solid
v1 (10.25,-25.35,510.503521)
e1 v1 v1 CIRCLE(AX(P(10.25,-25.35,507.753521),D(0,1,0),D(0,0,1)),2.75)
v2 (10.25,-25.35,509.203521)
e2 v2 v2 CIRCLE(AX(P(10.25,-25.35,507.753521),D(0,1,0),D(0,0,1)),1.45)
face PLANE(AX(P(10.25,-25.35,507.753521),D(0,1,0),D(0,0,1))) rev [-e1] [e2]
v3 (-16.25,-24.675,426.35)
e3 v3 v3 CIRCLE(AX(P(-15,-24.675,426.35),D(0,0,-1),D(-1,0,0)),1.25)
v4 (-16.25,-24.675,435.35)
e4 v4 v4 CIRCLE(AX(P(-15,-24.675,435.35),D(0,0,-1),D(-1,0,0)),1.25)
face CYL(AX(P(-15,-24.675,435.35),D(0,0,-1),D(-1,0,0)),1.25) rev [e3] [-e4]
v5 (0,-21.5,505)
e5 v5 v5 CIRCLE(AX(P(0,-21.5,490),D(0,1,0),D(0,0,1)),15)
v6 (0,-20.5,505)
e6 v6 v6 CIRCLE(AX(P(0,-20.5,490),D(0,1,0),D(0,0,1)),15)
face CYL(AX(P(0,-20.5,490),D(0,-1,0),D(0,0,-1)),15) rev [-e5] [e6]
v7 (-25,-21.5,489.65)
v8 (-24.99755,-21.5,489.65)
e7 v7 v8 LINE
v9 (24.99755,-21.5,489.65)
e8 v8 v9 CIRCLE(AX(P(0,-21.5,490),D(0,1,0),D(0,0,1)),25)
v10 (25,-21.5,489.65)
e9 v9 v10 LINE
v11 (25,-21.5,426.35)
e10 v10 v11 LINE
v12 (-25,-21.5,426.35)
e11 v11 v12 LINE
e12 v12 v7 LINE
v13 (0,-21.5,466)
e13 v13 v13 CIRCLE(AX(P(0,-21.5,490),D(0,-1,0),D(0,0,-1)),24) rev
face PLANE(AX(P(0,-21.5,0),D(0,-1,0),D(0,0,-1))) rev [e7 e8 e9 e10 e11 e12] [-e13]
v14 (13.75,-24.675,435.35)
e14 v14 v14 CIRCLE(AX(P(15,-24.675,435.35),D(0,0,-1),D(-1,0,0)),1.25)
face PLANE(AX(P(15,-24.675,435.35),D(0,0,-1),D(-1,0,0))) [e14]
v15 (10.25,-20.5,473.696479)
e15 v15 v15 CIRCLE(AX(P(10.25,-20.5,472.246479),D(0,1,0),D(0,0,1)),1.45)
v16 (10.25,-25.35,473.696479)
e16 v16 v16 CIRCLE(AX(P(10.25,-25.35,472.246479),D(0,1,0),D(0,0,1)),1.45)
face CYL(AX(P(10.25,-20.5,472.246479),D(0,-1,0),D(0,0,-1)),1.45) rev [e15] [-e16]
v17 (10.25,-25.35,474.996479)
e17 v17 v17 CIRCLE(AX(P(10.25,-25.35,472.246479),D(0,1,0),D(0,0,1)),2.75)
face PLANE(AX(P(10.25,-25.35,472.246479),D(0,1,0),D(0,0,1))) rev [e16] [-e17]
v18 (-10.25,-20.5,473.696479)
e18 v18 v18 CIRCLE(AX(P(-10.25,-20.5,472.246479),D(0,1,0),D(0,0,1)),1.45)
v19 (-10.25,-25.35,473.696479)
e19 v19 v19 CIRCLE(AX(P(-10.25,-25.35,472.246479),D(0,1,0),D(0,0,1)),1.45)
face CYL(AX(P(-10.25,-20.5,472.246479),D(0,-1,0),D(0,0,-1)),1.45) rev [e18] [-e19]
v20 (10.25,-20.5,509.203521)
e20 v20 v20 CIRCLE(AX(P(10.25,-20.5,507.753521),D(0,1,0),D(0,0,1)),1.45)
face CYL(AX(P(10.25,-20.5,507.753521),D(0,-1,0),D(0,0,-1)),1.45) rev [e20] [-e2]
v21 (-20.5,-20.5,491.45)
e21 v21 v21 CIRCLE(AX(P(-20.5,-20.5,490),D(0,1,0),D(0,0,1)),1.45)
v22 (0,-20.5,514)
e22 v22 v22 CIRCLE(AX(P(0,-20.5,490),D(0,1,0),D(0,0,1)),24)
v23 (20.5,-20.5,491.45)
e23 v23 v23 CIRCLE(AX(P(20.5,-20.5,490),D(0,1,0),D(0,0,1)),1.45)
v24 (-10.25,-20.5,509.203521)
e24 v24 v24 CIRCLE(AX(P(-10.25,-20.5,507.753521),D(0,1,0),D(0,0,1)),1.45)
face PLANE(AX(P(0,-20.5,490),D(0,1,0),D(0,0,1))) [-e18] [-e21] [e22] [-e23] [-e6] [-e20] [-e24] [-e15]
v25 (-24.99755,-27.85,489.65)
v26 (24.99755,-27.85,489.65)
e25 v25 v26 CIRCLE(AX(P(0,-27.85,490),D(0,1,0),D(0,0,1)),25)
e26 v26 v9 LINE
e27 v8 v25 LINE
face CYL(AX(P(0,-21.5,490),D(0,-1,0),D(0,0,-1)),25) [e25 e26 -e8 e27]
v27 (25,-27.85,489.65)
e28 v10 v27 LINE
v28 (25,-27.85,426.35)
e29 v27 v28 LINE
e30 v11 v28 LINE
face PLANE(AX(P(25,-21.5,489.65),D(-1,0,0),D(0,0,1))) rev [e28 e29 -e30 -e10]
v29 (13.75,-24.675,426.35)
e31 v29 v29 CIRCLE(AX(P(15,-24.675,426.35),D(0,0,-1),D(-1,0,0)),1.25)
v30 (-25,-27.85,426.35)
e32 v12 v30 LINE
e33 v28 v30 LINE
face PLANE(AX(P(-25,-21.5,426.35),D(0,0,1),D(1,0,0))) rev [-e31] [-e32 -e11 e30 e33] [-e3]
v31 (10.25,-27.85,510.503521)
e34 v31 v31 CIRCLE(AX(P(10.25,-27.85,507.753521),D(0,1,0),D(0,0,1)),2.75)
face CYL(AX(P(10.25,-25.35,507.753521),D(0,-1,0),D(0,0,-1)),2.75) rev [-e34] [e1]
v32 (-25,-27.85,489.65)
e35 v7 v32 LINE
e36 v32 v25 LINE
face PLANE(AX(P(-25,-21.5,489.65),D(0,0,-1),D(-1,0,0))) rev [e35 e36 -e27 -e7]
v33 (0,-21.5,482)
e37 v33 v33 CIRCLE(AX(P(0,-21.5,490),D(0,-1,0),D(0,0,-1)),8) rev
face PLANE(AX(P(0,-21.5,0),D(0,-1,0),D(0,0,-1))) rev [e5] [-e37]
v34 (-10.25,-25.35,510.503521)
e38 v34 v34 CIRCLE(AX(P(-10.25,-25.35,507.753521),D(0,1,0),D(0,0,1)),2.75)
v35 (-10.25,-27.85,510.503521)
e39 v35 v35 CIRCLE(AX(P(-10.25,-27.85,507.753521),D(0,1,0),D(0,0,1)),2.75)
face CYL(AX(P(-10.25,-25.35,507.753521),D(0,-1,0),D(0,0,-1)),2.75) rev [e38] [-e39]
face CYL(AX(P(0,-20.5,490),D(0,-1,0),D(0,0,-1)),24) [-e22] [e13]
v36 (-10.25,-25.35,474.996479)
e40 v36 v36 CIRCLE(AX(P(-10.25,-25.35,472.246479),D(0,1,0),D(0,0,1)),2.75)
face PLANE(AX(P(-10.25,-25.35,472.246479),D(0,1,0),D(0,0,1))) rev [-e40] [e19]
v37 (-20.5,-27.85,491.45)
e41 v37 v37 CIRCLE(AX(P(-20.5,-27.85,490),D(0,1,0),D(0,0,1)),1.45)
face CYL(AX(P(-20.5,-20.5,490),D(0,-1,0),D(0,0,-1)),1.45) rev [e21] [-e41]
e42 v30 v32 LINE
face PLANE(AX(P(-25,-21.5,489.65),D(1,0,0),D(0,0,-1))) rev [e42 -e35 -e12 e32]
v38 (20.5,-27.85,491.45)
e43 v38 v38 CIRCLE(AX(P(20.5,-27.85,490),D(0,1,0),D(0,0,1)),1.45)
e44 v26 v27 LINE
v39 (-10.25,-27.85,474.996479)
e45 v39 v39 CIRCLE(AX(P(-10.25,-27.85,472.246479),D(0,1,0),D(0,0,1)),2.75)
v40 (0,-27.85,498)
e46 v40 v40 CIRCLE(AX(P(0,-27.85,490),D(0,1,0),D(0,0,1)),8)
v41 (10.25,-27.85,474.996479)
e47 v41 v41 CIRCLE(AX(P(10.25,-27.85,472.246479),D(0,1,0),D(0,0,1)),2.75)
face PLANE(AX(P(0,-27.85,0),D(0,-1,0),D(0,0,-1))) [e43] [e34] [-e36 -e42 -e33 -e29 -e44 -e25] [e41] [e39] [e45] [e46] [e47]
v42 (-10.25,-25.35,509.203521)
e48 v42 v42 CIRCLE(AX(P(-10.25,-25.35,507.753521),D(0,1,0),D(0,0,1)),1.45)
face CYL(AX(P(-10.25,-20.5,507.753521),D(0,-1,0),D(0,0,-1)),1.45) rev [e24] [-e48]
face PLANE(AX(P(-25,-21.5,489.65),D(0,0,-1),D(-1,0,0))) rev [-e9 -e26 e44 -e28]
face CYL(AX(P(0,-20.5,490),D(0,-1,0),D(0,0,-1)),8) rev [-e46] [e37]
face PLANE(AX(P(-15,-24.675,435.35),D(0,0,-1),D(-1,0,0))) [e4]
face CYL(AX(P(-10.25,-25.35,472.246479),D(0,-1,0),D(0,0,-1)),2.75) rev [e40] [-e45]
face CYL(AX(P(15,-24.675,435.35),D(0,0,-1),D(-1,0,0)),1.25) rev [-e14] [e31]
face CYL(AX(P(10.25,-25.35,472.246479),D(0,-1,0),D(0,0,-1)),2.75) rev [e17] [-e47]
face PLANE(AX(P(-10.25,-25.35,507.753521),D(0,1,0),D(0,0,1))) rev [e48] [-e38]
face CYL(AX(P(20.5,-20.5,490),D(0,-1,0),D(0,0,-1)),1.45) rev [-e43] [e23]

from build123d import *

# Parameters (mm, degrees)
PARED_START                    = -27.85
SK_PARED_W                     = 50
SK_PARED_H                     = 63.3
PARED_DEPTH                    = 6.35
CABEZA_START                   = -27.85
SK_CABEZA_R                    = 25
CABEZA_DEPTH                   = 6.35
ASIENTO_1MM_START              = -21.5
SK_ASIENTO_1MM_R               = 24
SK_ASIENTO_1MM_R_2             = 15
ASIENTO_1MM_DEPTH              = 1
PASO_CENTRAL_START             = -27.85
SK_PASO_CENTRAL_R              = 8
PASO_CENTRAL_DEPTH             = 7.35
PASANTES_M2_5_ESTATOR_J5_START = -27.85
SK_PASANTES_M2_5_ESTATOR_J5_R  = 1.45
PASANTES_M2_5_ESTATOR_J5_DEPTH = 7.35
CAJAS_M2_5_J5_START            = -27.85
SK_CAJAS_M2_5_J5_R             = 2.75
CAJAS_M2_5_J5_DEPTH            = 2.5
SK_ROSCA_M3_DESDE_ABAJO_R      = 1.25
ROSCA_M3_DESDE_ABAJO_DEPTH     = 9


with BuildPart() as part:
    # Sk_Pared → Pared (new body)
    with BuildSketch(Plane(origin=(0, 0, 0), x_dir=(1, 0, 0), z_dir=(0, 1, 0)).offset(PARED_START)):
        with Locations((0, -458)):
            Rectangle(SK_PARED_W, SK_PARED_H)
    extrude(amount=PARED_DEPTH)

    # Sk_Cabeza → Cabeza (add)
    with BuildSketch(Plane(origin=(0, 0, 0), x_dir=(1, 0, 0), z_dir=(0, 1, 0)).offset(CABEZA_START)):
        with Locations((0, -490)):
            Circle(SK_CABEZA_R)
    extrude(amount=CABEZA_DEPTH)

    # Sk_Asiento_1mm → Asiento_1mm (add)
    with BuildSketch(Plane(origin=(0, 0, 0), x_dir=(1, 0, 0), z_dir=(0, 1, 0)).offset(ASIENTO_1MM_START)):
        with Locations(Location((0, -490, 0), (0, 0, 90))):
            Circle(SK_ASIENTO_1MM_R)
        with Locations(Location((0, -490, 0), (0, 0, 270))):
            Circle(SK_ASIENTO_1MM_R_2, mode=Mode.SUBTRACT)
    extrude(amount=ASIENTO_1MM_DEPTH)

    # Sk_Paso_central → Paso_central (cut)
    with BuildSketch(Plane(origin=(0, 0, 0), x_dir=(1, 0, 0), z_dir=(0, 1, 0)).offset(PASO_CENTRAL_START)):
        with Locations(Location((0, -490, 0), (0, 0, 90))):
            Circle(SK_PASO_CENTRAL_R)
    extrude(amount=PASO_CENTRAL_DEPTH, mode=Mode.SUBTRACT)

    # Sk_Pasantes_M2-5_estator_J5 → Pasantes_M2-5_estator_J5 (cut)
    with BuildSketch(Plane(origin=(0, 0, 0), x_dir=(1, 0, 0), z_dir=(0, 1, 0)).offset(PASANTES_M2_5_ESTATOR_J5_START)):
        with Locations(Location((20.5, -490, 0), (0, 0, 270))):
            Circle(SK_PASANTES_M2_5_ESTATOR_J5_R)
        with Locations(Location((10.25, -507.753520778, 0), (0, 0, 270))):
            Circle(SK_PASANTES_M2_5_ESTATOR_J5_R)
        with Locations(Location((-10.25, -507.753520778, 0), (0, 0, 270))):
            Circle(SK_PASANTES_M2_5_ESTATOR_J5_R)
        with Locations(Location((-20.5, -490, 0), (0, 0, 270))):
            Circle(SK_PASANTES_M2_5_ESTATOR_J5_R)
        with Locations(Location((-10.25, -472.246479222, 0), (0, 0, 270))):
            Circle(SK_PASANTES_M2_5_ESTATOR_J5_R)
        with Locations(Location((10.25, -472.246479222, 0), (0, 0, 270))):
            Circle(SK_PASANTES_M2_5_ESTATOR_J5_R)
    extrude(amount=PASANTES_M2_5_ESTATOR_J5_DEPTH, mode=Mode.SUBTRACT)

    # Sk_Cajas_M2-5_J5 → Cajas_M2-5_J5 (cut)
    with BuildSketch(Plane(origin=(0, 0, 0), x_dir=(1, 0, 0), z_dir=(0, 1, 0)).offset(CAJAS_M2_5_J5_START)):
        with Locations(Location((10.25, -507.753520778, 0), (0, 0, 270))):
            Circle(SK_CAJAS_M2_5_J5_R)
        with Locations(Location((-10.25, -507.753520778, 0), (0, 0, 270))):
            Circle(SK_CAJAS_M2_5_J5_R)
        with Locations(Location((-10.25, -472.246479222, 0), (0, 0, 270))):
            Circle(SK_CAJAS_M2_5_J5_R)
        with Locations(Location((10.25, -472.246479222, 0), (0, 0, 270))):
            Circle(SK_CAJAS_M2_5_J5_R)
    extrude(amount=CAJAS_M2_5_J5_DEPTH, mode=Mode.SUBTRACT)

    # Sk_Rosca_M3_desde_abajo → Rosca_M3_desde_abajo (cut)
    with BuildSketch(Plane(origin=(0, 0, 426.35), x_dir=(-1, 0, 0), z_dir=(0, 0, -1))):
        with Locations((15, -24.675)):
            Circle(SK_ROSCA_M3_DESDE_ABAJO_R)
        with Locations((-15, -24.675)):
            Circle(SK_ROSCA_M3_DESDE_ABAJO_R)
    extrude(amount=-ROSCA_M3_DESDE_ABAJO_DEPTH, mode=Mode.SUBTRACT)


solid = part.part
